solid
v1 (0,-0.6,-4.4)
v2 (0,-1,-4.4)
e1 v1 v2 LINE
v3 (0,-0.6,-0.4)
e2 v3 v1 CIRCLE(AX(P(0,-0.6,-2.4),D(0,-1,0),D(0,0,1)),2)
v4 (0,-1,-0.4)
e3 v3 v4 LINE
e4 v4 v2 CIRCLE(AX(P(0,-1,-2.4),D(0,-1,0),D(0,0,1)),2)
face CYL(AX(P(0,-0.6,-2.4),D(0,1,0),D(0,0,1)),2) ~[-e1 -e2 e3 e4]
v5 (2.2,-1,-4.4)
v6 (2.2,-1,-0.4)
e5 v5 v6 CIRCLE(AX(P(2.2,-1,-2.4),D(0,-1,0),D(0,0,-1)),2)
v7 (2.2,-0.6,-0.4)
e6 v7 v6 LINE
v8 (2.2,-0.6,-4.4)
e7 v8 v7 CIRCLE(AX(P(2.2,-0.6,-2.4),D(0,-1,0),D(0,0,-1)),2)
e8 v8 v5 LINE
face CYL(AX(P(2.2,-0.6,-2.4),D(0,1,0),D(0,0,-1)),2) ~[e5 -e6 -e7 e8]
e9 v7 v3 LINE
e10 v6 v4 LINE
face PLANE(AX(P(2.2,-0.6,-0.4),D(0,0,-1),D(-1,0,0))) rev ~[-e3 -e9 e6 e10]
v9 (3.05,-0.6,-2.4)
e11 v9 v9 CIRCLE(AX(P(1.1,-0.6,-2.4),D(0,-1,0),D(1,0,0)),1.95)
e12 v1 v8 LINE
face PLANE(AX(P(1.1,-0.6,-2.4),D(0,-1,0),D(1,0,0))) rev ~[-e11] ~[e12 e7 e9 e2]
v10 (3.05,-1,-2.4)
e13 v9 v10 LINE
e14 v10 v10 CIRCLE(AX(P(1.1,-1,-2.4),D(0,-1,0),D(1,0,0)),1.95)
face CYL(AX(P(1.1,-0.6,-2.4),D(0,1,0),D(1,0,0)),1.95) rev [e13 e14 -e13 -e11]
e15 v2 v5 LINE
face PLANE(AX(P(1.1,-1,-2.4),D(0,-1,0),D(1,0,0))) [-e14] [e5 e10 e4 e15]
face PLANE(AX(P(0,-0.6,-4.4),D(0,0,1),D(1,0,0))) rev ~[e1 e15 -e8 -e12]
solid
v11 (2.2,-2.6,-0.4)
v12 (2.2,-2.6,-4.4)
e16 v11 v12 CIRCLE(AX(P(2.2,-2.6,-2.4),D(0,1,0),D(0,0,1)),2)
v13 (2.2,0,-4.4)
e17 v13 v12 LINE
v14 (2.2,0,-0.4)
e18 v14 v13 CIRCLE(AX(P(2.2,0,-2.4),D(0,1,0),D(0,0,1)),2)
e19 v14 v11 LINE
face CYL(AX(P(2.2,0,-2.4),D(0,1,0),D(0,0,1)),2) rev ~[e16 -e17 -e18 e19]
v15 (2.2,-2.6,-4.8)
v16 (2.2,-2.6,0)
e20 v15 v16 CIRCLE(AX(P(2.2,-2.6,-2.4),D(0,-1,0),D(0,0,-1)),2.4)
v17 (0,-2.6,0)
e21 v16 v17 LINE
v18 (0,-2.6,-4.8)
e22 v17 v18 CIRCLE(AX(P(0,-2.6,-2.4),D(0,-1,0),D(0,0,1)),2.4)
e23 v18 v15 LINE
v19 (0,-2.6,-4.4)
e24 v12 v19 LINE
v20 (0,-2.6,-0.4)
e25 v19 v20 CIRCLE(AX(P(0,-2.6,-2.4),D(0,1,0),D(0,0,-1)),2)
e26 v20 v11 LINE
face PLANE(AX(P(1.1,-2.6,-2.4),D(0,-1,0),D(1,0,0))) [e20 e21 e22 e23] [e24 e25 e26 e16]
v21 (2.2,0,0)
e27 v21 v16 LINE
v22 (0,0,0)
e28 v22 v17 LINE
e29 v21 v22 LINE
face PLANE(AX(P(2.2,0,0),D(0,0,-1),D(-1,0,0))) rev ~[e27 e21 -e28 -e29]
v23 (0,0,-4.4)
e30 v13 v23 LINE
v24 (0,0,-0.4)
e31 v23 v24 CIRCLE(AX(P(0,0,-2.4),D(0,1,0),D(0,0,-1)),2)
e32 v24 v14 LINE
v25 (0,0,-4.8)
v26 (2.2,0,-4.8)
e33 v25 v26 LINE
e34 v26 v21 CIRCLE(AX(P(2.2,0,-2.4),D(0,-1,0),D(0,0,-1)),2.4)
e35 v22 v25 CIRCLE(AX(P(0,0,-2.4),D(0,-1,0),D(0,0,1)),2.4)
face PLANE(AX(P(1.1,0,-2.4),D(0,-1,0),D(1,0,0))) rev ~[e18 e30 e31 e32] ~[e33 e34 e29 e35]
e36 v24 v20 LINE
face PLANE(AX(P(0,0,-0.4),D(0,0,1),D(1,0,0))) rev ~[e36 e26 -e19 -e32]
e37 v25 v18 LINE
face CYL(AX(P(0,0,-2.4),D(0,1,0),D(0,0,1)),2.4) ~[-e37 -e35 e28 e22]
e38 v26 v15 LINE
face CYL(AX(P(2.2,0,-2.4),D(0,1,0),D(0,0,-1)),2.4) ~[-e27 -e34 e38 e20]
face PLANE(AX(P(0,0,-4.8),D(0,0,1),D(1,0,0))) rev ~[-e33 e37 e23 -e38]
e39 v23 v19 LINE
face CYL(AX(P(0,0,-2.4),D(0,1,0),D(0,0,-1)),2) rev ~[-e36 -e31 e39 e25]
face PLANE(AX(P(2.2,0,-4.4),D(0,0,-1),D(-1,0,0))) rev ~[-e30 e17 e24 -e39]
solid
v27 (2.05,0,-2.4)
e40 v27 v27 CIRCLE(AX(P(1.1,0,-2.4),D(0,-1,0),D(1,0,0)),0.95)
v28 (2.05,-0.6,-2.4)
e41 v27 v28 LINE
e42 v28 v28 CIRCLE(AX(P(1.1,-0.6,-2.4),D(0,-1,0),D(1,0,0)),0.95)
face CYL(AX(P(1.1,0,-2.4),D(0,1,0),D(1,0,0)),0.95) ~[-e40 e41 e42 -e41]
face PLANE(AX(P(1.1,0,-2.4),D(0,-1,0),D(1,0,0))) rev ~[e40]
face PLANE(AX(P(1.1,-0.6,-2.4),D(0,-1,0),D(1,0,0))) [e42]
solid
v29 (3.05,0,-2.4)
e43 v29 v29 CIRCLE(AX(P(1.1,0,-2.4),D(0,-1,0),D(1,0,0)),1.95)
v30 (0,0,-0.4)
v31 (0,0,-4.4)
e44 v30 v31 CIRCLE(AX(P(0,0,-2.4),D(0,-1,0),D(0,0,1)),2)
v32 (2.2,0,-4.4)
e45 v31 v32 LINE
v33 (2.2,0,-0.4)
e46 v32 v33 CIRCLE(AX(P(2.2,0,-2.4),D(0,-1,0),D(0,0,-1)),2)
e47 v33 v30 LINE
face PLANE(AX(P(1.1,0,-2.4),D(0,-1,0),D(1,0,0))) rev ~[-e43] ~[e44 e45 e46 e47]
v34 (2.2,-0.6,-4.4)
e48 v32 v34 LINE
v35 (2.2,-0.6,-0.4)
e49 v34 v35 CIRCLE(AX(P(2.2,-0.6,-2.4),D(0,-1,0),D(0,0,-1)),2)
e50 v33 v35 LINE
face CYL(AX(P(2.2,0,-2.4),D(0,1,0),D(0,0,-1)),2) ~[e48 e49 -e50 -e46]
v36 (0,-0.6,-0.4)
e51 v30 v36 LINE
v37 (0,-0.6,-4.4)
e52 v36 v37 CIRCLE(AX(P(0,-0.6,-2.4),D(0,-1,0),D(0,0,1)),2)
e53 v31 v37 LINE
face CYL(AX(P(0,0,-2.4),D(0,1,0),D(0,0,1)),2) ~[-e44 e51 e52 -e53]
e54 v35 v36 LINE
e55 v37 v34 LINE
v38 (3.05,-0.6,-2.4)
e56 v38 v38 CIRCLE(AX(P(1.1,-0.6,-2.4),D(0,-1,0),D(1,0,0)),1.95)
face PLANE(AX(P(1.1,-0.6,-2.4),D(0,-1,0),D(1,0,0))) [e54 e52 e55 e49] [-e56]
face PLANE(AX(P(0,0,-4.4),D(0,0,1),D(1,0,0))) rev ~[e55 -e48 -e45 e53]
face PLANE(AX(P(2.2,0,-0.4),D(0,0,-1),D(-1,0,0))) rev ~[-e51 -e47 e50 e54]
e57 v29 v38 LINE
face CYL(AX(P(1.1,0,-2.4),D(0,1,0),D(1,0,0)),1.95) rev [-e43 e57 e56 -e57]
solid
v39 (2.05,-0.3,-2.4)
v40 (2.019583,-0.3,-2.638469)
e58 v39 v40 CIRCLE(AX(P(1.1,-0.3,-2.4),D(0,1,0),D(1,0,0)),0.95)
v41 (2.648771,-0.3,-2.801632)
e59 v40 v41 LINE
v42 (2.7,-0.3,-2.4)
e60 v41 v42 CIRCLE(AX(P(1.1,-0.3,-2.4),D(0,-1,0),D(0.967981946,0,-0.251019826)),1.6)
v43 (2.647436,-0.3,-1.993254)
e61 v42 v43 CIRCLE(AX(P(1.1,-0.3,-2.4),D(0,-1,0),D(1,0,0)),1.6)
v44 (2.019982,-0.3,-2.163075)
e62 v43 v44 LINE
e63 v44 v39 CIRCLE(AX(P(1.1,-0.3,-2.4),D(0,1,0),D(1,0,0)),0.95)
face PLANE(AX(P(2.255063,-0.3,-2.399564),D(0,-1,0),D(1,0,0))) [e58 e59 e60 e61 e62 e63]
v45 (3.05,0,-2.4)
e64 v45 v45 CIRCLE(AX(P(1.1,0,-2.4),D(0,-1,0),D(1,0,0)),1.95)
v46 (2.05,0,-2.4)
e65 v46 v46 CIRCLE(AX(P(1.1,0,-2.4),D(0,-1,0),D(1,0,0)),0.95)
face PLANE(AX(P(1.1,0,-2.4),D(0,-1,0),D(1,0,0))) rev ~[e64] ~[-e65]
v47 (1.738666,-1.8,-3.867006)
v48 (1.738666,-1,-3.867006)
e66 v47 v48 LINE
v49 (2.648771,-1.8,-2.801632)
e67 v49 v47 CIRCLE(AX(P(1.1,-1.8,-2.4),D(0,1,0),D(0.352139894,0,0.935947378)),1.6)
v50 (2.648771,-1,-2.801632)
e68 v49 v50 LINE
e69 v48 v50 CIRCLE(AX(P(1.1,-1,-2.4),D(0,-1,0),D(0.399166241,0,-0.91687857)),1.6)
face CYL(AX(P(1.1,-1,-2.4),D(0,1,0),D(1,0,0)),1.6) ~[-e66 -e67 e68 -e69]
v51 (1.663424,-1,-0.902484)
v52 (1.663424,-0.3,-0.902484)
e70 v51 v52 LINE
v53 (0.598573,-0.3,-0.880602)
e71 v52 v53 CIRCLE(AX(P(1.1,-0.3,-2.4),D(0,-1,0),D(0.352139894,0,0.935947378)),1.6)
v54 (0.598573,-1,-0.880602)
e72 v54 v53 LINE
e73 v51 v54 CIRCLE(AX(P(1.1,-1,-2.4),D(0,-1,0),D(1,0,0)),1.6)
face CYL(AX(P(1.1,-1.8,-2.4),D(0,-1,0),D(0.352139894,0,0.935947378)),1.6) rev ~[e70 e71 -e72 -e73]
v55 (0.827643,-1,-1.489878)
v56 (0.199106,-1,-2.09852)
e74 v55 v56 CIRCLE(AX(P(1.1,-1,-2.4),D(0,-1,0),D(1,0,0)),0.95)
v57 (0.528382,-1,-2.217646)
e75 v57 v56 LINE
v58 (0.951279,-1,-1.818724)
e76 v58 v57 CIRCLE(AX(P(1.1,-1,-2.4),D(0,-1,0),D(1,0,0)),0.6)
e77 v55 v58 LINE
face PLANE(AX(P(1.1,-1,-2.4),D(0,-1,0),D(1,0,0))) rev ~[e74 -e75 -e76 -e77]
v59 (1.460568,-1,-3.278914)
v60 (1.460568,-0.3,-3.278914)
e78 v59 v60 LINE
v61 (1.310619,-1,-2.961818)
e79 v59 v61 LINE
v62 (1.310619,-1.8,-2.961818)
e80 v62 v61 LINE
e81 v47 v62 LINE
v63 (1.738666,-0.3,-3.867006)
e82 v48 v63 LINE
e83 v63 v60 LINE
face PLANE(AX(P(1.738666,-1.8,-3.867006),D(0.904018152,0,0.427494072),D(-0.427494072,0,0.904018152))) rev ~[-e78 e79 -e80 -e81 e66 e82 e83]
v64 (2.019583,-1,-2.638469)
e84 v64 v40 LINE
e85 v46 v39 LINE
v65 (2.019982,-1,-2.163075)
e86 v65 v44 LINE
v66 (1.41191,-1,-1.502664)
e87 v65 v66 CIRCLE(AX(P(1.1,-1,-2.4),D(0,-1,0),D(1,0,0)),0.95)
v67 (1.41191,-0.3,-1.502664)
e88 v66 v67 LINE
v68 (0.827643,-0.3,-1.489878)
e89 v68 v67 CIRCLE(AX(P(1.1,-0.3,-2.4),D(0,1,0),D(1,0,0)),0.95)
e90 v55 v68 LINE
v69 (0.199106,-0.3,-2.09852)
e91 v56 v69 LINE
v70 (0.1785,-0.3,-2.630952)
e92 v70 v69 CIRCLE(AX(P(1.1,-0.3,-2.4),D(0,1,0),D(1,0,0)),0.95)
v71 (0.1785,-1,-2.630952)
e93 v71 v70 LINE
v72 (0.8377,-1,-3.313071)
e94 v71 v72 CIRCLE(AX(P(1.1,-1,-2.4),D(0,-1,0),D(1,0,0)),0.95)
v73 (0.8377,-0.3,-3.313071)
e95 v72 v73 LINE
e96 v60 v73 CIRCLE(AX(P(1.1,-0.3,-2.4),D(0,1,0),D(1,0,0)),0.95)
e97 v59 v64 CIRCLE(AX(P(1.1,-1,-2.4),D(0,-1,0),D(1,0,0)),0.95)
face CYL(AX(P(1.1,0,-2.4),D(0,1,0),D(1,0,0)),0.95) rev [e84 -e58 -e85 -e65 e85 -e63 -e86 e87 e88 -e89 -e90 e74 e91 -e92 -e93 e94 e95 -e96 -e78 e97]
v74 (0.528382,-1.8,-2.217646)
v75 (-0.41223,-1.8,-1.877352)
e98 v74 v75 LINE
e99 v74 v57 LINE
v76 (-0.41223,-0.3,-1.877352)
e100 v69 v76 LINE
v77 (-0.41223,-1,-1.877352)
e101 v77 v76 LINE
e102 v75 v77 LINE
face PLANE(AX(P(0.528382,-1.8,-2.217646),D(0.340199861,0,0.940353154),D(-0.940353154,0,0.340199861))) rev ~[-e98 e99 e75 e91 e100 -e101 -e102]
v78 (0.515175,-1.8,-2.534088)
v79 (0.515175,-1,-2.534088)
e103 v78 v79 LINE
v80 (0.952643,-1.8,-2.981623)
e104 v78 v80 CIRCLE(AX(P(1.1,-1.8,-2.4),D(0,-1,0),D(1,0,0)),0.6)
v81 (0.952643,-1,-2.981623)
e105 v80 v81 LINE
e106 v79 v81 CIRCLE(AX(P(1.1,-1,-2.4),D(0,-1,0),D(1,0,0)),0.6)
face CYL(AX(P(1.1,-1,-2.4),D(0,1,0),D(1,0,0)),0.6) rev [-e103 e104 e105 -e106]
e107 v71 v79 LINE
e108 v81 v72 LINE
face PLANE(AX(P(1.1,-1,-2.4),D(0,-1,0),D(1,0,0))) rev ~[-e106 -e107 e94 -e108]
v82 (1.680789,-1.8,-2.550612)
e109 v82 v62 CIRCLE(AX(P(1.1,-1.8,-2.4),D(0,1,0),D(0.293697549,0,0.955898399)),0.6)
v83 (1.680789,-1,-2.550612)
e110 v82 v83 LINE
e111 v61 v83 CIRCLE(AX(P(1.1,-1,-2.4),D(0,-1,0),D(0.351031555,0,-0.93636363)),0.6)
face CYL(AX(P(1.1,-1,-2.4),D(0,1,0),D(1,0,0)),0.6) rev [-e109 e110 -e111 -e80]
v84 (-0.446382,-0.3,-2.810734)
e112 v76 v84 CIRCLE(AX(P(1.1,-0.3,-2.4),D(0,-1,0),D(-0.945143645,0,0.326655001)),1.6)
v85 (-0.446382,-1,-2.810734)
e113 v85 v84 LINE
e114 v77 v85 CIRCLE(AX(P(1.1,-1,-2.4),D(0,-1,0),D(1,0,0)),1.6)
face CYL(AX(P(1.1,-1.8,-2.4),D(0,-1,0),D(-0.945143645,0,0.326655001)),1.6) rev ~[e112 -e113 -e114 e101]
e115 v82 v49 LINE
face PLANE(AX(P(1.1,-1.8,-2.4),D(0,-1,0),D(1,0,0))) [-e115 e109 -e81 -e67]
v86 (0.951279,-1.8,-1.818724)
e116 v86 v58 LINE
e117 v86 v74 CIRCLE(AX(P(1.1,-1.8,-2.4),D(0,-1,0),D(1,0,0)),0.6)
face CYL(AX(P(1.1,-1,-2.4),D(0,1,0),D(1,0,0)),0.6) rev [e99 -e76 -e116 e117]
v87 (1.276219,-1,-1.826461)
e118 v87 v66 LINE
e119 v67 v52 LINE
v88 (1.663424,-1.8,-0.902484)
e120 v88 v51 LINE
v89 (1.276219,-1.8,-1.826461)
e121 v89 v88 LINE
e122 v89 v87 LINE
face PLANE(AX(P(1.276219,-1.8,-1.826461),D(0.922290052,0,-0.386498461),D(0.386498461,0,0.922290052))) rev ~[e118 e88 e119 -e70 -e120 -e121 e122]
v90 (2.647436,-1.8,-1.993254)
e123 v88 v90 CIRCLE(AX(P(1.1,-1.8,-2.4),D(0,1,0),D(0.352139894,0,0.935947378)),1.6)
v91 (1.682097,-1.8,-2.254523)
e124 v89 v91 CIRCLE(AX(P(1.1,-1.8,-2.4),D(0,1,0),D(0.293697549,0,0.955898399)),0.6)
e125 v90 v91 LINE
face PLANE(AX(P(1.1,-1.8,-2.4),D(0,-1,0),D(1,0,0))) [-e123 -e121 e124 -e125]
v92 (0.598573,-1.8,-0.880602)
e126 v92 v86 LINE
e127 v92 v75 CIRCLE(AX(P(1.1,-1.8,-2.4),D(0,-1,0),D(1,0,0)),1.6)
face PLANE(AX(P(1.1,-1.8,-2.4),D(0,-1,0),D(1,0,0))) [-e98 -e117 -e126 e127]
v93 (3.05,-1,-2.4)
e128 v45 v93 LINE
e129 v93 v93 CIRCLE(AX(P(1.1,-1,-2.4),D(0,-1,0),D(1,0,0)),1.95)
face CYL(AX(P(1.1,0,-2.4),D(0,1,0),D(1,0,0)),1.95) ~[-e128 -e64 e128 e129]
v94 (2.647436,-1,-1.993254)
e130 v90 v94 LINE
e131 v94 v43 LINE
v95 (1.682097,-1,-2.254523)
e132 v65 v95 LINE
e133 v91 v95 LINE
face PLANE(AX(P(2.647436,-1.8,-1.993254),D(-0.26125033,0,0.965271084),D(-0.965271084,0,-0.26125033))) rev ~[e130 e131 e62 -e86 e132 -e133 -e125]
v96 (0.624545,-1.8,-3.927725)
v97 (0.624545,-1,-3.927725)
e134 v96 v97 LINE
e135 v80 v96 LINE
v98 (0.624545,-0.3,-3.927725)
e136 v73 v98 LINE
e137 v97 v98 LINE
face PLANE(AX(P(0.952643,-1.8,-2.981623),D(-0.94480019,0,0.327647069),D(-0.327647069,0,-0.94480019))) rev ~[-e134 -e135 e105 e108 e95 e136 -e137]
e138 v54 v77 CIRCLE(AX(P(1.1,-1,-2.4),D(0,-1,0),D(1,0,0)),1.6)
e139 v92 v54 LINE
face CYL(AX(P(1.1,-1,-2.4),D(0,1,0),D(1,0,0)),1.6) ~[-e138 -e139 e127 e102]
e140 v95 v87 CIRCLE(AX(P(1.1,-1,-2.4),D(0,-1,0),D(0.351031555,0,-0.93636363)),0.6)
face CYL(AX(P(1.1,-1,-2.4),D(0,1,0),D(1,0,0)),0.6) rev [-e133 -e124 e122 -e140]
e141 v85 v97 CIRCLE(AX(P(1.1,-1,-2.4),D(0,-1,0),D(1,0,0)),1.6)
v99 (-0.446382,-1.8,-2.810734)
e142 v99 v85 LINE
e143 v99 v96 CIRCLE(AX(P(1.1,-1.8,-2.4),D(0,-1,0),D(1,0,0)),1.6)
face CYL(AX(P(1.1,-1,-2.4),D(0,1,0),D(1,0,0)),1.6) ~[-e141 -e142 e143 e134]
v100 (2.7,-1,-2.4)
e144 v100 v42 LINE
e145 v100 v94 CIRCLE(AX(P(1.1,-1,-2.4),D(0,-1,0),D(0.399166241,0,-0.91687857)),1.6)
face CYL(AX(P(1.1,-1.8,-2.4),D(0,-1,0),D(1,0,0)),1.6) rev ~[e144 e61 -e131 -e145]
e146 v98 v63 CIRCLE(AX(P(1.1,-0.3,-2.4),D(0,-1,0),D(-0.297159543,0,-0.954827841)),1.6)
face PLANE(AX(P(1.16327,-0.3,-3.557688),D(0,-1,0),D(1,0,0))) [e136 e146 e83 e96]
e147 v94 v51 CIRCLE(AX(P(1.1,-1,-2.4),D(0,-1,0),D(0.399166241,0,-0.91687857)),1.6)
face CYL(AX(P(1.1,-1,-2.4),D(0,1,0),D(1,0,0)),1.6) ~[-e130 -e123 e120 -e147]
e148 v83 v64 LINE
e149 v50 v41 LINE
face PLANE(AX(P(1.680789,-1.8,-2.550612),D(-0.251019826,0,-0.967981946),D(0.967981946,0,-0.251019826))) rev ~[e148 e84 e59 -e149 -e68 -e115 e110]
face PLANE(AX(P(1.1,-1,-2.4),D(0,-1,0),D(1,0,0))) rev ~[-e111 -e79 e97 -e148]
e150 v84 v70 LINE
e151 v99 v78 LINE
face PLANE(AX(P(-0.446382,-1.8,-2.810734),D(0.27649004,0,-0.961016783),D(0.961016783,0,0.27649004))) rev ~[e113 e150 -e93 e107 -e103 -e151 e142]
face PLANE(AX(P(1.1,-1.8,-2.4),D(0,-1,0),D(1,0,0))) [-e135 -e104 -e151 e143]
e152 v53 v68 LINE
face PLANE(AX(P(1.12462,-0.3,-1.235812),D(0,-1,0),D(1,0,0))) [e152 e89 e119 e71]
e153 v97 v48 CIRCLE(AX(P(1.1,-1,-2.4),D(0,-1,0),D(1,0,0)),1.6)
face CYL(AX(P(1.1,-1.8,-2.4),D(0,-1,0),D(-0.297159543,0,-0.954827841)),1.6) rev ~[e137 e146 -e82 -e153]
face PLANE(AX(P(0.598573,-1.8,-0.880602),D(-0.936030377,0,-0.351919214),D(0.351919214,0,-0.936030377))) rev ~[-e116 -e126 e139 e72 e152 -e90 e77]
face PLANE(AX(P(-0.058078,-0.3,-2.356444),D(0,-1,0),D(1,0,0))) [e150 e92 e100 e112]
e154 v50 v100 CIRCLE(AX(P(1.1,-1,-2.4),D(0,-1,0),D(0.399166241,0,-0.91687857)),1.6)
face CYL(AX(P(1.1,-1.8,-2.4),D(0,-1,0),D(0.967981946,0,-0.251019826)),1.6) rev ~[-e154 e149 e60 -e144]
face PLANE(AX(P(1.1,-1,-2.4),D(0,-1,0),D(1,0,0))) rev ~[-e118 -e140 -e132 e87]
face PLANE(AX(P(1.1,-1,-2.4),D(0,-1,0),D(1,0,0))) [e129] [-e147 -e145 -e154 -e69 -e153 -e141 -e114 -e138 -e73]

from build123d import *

# Parameters (mm, degrees)
F1_DEPTH = 2.6
F0_R     = 1.95
F0_R_2   = 0.95
F2_DEPTH = 1
F3_DEPTH = 0.6
F5_DEPTH = 0.4
F4_R     = 1.6
F4_R_2   = 0.95
F4_R_3   = 0.6
F6_DEPTH = 0.8
F8_DEPTH = 1.5
F9_DEPTH = 1.5


with BuildPart() as f1:
    # F0 (on Front) → F1 (new body)
    with BuildSketch(Plane.XZ):
        with BuildLine():
            Line((2.2, 0), (0, 0))
            ThreePointArc((0, 0), (-2.4, -2.4), (0, -4.8))
            Line((0, -4.8), (2.2, -4.8))
            ThreePointArc((2.2, -4.8), (4.6, -2.4), (2.2, 0))
        make_face()
        with BuildLine():
            Line((2.2, -4.4), (0, -4.4))
            ThreePointArc((0, -4.4), (-2, -2.4), (0, -0.4))
            Line((0, -0.4), (2.2, -0.4))
            ThreePointArc((2.2, -0.4), (4.2, -2.4), (2.2, -4.4))
        make_face(mode=Mode.SUBTRACT)
    extrude(amount=F1_DEPTH)


with BuildPart() as f2:
    # F0 (on Front) → F2 (new body)
    with BuildSketch(Plane.XZ):
        with Locations((1.1, -2.4)):
            Circle(F0_R)
        with Locations((1.1, -2.4)):
            Circle(F0_R_2, mode=Mode.SUBTRACT)
    extrude(amount=F2_DEPTH)

    # F4 (on face) → F6 (join)
    with BuildSketch(Plane.XZ.offset(1)):
        with Locations((1.1, -2.4)):
            Circle(F4_R)
        with Locations((1.1, -2.4)):
            Circle(F4_R_2, mode=Mode.SUBTRACT)
        with Locations((1.1, -2.4)):
            Circle(F4_R_2)
        with Locations((1.1, -2.4)):
            Circle(F4_R_3, mode=Mode.SUBTRACT)
    extrude(amount=F6_DEPTH)

    # F7 (on face) → F8 (cut)
    with BuildSketch(Plane.XZ.offset(1.8)):
        with BuildLine():
            ThreePointArc((0.9512789374, -1.8187237786), (1.1142826352, -1.8001700188), (1.2762185296, -1.8264609605))
            Line((1.2762185296, -1.8264609605), (1.663423831, -0.9024841949))
            ThreePointArc((1.663423831, -0.9024841949), (1.1328728178, -0.8003377301), (0.5985732983, -0.8806016774))
            Line((0.5985732983, -0.8806016774), (0.9512789374, -1.8187237786))
        make_face()
        with BuildLine():
            Line((1.738665985, -3.8670057122), (1.3106189327, -2.961818178))
            ThreePointArc((1.3106189327, -2.961818178), (1.133144808, -2.9990838186), (0.9526429242, -2.9816234969))
            Line((0.9526429242, -2.9816234969), (0.6245447307, -3.9277245455))
            ThreePointArc((0.6245447307, -3.9277245455), (1.1870696767, -3.9976291408), (1.738665985, -3.8670057122))
        make_face()
    extrude(amount=-F8_DEPTH, mode=Mode.SUBTRACT)

    # F7 (on face) → F9 (cut)
    with BuildSketch(Plane.XZ.offset(1.8)):
        with BuildLine():
            ThreePointArc((0.5151749967, -2.5340884617), (0.5005219017, -2.3749798148), (0.5283822526, -2.2176455352))
            Line((0.5283822526, -2.2176455352), (-0.4122298327, -1.8773519989))
            ThreePointArc((-0.4122298327, -1.8773519989), (-0.4989300226, -2.3414954455), (-0.4463821063, -2.8107339546))
            Line((-0.4463821063, -2.8107339546), (0.5151749967, -2.5340884617))
        make_face()
        with BuildLine():
            Line((2.6474359222, -1.9932542973), (1.682096615, -2.2545230917))
            ThreePointArc((1.682096615, -2.2545230917), (1.6955073337, -2.3267127875), (1.7, -2.4))
            ThreePointArc((1.7, -2.4), (1.6951779147, -2.4759160708), (1.6807891673, -2.5506118956))
            Line((1.6807891673, -2.5506118956), (2.6487711129, -2.8016317217))
            ThreePointArc((2.6487711129, -2.8016317217), (2.687141106, -2.6024428554), (2.7, -2.4))
            ThreePointArc((2.7, -2.4), (2.6868045682, -2.1949359558), (2.6474359222, -1.9932542973))
        make_face()
    extrude(amount=-F9_DEPTH, mode=Mode.SUBTRACT)


with BuildPart() as f3:
    # F0 (on Front) → F3 (new body)
    with BuildSketch(Plane.XZ):
        with BuildLine():
            ThreePointArc((0, -0.4), (-2, -2.4), (0, -4.4))
            Line((0, -4.4), (2.2, -4.4))
            ThreePointArc((2.2, -4.4), (4.2, -2.4), (2.2, -0.4))
            Line((2.2, -0.4), (0, -0.4))
        make_face()
        with Locations((1.1, -2.4)):
            Circle(F0_R, mode=Mode.SUBTRACT)
    extrude(amount=F3_DEPTH)


with BuildPart() as f3b:
    # F0 (on Front) → F3, piece 2 (new body)
    with BuildSketch(Plane.XZ):
        with Locations((1.1, -2.4)):
            Circle(F0_R_2)
    extrude(amount=F3_DEPTH)


with BuildPart() as f5:
    # F5 (new): a face of the model
    f5_faces = [f3.part.faces().sort_by_distance(p)[0] for p in [
        (1.1, -0.6, -4.3926216533),
    ]]
    extrude(f5_faces, amount=F5_DEPTH)


solid = Compound([f1.part, f2.part, f3.part, f3b.part, f5.part])
